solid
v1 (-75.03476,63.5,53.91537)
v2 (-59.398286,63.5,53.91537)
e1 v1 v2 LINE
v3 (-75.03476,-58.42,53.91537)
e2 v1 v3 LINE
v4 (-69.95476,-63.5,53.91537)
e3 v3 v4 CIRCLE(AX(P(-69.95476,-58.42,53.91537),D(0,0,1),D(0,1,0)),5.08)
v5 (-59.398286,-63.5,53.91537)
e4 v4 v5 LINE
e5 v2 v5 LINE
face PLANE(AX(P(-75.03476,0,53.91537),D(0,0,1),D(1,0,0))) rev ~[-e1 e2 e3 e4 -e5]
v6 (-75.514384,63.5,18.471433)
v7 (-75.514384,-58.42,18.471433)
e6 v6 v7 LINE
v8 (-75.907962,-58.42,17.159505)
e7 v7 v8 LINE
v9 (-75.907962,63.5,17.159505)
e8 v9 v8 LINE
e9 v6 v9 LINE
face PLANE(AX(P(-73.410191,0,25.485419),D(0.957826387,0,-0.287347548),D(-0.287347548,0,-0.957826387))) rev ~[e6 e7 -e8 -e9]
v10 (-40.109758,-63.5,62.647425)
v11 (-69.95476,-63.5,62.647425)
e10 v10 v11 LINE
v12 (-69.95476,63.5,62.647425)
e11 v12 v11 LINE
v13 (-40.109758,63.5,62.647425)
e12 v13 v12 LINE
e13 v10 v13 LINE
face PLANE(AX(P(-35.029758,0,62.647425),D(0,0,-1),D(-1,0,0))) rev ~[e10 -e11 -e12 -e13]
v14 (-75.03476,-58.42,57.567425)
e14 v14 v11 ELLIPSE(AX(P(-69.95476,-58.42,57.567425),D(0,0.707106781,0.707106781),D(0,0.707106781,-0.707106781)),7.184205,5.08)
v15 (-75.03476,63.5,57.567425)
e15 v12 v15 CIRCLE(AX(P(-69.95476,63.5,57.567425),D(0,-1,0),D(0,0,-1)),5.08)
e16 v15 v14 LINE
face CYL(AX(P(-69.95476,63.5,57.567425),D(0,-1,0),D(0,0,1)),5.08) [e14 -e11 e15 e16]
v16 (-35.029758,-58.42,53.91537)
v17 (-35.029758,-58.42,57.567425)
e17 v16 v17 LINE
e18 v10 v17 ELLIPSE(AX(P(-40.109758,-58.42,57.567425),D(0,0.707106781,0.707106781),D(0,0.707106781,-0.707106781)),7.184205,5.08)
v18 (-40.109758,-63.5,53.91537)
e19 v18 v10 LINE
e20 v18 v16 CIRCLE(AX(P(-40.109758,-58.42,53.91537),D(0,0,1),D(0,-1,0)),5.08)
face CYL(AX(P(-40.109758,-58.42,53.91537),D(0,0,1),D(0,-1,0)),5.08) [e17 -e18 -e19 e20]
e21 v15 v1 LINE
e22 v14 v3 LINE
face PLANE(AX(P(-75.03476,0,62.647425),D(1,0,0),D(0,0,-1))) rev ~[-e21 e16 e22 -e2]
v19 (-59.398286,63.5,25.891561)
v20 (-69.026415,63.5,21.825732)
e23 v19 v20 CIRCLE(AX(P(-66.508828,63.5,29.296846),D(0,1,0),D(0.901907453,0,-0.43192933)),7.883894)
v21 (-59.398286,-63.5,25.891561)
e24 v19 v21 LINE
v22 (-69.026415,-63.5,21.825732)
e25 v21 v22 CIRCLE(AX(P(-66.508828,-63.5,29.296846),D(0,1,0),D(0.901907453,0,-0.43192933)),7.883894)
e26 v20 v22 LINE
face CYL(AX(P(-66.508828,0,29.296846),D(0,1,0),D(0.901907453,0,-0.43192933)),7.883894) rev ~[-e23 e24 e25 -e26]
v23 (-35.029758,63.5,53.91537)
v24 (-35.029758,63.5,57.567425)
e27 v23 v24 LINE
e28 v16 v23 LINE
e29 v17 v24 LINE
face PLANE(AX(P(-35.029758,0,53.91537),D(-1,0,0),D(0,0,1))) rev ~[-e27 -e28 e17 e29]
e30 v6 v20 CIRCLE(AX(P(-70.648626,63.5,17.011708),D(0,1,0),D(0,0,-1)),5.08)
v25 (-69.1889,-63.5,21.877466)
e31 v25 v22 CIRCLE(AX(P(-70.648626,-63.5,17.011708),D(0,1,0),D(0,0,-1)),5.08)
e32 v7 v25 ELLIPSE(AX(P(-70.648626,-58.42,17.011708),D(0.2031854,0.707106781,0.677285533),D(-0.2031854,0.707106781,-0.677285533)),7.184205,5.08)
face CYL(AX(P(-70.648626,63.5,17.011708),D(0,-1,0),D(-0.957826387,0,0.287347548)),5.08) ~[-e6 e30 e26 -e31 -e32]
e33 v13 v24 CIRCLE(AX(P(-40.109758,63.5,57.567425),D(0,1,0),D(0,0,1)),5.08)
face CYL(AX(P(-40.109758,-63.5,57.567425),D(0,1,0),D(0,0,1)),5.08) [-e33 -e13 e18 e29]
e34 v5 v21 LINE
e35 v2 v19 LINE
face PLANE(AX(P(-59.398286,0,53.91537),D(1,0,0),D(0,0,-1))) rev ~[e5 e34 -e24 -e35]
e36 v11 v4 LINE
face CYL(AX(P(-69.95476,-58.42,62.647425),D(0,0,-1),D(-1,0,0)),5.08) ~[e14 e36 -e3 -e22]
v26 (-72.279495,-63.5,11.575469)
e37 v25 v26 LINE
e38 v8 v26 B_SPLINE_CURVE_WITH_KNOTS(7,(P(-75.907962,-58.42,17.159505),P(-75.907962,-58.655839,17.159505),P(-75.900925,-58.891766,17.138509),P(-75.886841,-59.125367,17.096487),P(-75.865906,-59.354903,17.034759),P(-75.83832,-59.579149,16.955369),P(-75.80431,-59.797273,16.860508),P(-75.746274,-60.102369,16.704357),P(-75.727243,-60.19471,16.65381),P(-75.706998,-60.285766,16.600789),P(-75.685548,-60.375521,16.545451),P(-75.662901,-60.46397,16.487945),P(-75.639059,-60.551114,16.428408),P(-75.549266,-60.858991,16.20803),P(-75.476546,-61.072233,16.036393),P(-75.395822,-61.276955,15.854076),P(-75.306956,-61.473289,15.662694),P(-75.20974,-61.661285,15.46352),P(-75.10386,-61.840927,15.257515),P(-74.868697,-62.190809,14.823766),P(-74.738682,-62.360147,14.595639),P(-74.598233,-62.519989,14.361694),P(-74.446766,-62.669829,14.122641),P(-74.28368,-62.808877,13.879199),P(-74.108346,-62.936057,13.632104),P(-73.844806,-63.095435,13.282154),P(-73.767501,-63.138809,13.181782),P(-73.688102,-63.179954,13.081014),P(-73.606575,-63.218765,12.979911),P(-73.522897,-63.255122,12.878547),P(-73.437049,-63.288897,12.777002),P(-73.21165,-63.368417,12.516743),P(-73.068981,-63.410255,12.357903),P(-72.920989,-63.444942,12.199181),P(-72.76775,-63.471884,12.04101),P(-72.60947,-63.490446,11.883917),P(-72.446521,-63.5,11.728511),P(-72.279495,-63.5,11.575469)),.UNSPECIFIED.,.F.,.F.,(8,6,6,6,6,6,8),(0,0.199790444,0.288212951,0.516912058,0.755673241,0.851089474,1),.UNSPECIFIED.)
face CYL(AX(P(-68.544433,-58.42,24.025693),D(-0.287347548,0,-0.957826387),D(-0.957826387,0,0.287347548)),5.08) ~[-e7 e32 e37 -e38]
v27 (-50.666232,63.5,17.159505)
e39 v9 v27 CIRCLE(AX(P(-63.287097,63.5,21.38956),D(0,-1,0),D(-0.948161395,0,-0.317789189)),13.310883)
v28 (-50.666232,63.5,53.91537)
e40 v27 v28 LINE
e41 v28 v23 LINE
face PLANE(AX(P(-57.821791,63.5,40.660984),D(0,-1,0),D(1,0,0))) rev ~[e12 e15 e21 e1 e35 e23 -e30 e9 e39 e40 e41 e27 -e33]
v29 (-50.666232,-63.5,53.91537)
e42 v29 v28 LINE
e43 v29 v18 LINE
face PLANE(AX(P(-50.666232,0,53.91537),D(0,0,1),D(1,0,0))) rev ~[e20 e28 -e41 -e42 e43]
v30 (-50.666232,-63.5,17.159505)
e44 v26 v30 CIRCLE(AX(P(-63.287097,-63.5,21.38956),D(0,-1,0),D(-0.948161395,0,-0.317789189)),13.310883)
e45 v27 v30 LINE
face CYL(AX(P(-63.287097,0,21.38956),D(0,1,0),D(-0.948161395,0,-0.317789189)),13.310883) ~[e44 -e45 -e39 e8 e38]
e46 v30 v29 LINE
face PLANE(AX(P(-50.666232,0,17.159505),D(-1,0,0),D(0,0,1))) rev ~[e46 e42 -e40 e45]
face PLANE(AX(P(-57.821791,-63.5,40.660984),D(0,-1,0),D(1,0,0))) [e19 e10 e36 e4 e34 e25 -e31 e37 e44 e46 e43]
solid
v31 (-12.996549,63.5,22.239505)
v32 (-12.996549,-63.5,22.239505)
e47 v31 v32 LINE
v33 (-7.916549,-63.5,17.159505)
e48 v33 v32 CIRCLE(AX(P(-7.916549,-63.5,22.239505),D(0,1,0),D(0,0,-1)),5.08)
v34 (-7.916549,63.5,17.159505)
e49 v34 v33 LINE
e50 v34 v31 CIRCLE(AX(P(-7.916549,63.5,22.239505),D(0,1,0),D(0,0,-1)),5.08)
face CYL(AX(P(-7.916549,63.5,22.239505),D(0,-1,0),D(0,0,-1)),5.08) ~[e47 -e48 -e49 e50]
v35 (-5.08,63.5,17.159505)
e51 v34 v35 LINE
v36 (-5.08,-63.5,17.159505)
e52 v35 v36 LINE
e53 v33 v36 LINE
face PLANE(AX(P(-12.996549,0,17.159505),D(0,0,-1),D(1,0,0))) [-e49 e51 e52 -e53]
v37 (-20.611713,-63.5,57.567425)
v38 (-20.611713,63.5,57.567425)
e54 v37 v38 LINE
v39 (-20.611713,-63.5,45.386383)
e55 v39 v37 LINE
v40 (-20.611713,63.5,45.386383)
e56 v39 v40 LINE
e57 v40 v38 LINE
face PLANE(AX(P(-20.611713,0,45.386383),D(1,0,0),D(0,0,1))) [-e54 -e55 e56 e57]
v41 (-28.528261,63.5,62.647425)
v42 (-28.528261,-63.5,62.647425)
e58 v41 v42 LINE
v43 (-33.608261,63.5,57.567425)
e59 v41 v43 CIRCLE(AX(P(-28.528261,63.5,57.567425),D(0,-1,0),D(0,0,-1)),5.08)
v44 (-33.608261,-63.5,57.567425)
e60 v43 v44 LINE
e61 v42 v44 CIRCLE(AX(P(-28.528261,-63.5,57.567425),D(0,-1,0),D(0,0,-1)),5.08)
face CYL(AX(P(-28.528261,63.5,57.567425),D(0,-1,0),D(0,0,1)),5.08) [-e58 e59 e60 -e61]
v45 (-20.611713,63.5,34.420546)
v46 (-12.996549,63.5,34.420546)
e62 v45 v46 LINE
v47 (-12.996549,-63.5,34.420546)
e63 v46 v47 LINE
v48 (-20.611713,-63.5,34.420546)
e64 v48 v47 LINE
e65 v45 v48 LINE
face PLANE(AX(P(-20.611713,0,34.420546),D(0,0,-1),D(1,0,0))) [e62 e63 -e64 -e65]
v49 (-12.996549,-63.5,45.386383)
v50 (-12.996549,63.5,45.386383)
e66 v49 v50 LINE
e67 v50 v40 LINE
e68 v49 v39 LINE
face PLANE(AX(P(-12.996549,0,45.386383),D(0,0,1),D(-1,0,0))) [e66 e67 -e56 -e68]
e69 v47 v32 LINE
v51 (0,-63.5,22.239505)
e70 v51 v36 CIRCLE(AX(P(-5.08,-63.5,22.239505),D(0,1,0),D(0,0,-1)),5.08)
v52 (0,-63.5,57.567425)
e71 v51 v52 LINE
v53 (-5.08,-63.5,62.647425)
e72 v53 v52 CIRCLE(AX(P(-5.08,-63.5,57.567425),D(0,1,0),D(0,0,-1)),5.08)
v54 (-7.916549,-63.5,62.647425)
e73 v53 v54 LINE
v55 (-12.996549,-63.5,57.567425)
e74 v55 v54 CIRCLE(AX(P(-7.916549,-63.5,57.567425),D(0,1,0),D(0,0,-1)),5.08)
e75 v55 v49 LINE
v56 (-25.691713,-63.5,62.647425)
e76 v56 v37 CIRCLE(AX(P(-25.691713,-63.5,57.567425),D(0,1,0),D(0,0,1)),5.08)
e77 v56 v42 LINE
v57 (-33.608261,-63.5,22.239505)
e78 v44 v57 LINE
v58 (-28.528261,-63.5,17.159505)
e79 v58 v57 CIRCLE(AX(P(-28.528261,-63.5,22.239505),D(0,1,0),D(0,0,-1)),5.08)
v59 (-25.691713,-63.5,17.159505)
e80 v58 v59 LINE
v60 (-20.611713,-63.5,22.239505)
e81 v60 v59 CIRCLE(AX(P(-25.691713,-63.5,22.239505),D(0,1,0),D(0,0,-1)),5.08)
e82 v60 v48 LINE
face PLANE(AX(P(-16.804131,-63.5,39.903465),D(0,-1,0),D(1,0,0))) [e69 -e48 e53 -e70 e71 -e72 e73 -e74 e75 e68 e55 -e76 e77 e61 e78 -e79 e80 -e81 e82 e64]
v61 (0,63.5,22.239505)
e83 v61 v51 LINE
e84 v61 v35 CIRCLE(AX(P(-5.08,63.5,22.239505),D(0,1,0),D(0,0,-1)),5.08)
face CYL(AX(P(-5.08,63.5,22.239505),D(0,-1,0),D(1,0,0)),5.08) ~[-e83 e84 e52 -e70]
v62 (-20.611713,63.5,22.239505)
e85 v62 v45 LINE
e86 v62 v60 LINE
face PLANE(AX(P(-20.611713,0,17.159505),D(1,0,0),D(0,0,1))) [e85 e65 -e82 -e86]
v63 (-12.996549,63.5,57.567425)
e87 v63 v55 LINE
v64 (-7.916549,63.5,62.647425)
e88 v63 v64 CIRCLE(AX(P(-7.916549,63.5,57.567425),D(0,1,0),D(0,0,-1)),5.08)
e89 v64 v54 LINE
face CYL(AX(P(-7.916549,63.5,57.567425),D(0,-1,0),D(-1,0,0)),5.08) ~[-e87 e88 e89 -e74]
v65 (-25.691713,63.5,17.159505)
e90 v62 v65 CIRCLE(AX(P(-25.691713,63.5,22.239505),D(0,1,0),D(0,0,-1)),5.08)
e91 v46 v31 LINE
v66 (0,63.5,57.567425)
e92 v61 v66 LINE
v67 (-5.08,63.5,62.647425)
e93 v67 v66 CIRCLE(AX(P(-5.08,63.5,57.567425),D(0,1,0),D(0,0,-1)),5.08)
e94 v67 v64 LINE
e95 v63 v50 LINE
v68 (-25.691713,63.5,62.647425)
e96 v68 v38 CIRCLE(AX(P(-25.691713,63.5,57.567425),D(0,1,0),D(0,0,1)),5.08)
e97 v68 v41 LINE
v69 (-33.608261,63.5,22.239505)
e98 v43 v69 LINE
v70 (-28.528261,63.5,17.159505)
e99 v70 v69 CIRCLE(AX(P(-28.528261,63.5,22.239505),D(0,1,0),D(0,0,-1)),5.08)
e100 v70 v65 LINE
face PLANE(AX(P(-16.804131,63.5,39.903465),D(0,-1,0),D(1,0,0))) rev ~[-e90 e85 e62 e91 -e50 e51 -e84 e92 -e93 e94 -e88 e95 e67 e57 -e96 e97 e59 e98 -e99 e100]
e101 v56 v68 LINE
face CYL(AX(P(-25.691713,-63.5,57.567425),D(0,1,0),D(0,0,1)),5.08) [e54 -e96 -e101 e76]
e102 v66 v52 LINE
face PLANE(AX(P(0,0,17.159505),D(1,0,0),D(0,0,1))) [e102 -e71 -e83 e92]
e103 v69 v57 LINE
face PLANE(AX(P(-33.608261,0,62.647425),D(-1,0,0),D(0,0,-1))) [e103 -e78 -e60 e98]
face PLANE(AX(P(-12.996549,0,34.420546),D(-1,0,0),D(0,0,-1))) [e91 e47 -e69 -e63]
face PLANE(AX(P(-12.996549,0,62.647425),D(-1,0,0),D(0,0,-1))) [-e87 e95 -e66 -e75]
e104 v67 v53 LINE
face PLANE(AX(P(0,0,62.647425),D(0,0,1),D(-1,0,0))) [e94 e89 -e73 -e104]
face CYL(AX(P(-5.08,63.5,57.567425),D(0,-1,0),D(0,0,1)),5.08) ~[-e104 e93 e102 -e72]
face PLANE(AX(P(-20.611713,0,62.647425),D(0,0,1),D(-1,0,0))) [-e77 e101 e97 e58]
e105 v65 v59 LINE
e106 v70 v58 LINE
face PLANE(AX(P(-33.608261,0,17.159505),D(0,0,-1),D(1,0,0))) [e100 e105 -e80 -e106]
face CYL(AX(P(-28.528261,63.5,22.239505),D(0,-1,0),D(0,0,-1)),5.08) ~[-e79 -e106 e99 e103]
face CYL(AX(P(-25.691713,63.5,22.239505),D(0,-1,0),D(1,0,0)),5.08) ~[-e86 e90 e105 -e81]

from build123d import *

# Parameters (mm, degrees)
F1_DEPTH = 63.5
F2_R     = 5.08


with BuildPart() as f1:
    # F0 (on Front) → F1 (new body, symmetric)
    with BuildSketch(Plane.XZ):
        with BuildLine():
            Line((-35.029758, 62.647425), (-75.03476, 62.647425))
            Line((-75.03476, 62.647425), (-75.03476, 53.91537))
            Line((-75.03476, 53.91537), (-59.398286, 53.91537))
            Line((-59.398286, 53.91537), (-59.398286, 25.891561))
            ThreePointArc((-59.398286, 25.891561), (-66.280406, 21.416262), (-73.410191, 25.485419))
            Line((-73.410191, 25.485419), (-75.907962, 17.159505))
            ThreePointArc((-75.907962, 17.159505), (-63.287097, 8.078677), (-50.666232, 17.159505))
            Line((-50.666232, 17.159505), (-50.666232, 53.91537))
            Line((-50.666232, 53.91537), (-35.029758, 53.91537))
            Line((-35.029758, 53.91537), (-35.029758, 62.647425))
        make_face()
        Polygon((-20.611713, 62.647425), (-33.608261, 62.647425), (-33.608261, 17.159505), (-20.611713, 17.159505), (-20.611713, 34.420546), (-12.996549, 34.420546), (-12.996549, 17.159505), (0, 17.159505), (0, 62.647425), (-12.996549, 62.647425), (-12.996549, 45.386383), (-20.611713, 45.386383), align=None)
    extrude(amount=F1_DEPTH, both=True)

    # F2
    f2_edges = [f1.edges().sort_by_distance(p)[0] for p in [
        (-74.659076, -63.5, 21.322462),
        (-75.03476, -63.5, 58.281397),
        (-75.03476, 0, 62.647425),
        (-35.029758, 0, 62.647425),
        (-35.029758, -63.5, 58.281397),
        (-73.410191, 0, 25.485419),
        (0, 0, 62.647425),
        (-12.996549, 0, 62.647425),
        (-20.611713, 0, 62.647425),
        (-33.608261, 0, 62.647425),
        (0, 0, 17.159505),
        (-20.611713, 0, 17.159505),
        (-33.608261, 0, 17.159505),
        (-12.996549, 0, 17.159505),
    ]]
    fillet(f2_edges, radius=F2_R)


solid = f1.part
